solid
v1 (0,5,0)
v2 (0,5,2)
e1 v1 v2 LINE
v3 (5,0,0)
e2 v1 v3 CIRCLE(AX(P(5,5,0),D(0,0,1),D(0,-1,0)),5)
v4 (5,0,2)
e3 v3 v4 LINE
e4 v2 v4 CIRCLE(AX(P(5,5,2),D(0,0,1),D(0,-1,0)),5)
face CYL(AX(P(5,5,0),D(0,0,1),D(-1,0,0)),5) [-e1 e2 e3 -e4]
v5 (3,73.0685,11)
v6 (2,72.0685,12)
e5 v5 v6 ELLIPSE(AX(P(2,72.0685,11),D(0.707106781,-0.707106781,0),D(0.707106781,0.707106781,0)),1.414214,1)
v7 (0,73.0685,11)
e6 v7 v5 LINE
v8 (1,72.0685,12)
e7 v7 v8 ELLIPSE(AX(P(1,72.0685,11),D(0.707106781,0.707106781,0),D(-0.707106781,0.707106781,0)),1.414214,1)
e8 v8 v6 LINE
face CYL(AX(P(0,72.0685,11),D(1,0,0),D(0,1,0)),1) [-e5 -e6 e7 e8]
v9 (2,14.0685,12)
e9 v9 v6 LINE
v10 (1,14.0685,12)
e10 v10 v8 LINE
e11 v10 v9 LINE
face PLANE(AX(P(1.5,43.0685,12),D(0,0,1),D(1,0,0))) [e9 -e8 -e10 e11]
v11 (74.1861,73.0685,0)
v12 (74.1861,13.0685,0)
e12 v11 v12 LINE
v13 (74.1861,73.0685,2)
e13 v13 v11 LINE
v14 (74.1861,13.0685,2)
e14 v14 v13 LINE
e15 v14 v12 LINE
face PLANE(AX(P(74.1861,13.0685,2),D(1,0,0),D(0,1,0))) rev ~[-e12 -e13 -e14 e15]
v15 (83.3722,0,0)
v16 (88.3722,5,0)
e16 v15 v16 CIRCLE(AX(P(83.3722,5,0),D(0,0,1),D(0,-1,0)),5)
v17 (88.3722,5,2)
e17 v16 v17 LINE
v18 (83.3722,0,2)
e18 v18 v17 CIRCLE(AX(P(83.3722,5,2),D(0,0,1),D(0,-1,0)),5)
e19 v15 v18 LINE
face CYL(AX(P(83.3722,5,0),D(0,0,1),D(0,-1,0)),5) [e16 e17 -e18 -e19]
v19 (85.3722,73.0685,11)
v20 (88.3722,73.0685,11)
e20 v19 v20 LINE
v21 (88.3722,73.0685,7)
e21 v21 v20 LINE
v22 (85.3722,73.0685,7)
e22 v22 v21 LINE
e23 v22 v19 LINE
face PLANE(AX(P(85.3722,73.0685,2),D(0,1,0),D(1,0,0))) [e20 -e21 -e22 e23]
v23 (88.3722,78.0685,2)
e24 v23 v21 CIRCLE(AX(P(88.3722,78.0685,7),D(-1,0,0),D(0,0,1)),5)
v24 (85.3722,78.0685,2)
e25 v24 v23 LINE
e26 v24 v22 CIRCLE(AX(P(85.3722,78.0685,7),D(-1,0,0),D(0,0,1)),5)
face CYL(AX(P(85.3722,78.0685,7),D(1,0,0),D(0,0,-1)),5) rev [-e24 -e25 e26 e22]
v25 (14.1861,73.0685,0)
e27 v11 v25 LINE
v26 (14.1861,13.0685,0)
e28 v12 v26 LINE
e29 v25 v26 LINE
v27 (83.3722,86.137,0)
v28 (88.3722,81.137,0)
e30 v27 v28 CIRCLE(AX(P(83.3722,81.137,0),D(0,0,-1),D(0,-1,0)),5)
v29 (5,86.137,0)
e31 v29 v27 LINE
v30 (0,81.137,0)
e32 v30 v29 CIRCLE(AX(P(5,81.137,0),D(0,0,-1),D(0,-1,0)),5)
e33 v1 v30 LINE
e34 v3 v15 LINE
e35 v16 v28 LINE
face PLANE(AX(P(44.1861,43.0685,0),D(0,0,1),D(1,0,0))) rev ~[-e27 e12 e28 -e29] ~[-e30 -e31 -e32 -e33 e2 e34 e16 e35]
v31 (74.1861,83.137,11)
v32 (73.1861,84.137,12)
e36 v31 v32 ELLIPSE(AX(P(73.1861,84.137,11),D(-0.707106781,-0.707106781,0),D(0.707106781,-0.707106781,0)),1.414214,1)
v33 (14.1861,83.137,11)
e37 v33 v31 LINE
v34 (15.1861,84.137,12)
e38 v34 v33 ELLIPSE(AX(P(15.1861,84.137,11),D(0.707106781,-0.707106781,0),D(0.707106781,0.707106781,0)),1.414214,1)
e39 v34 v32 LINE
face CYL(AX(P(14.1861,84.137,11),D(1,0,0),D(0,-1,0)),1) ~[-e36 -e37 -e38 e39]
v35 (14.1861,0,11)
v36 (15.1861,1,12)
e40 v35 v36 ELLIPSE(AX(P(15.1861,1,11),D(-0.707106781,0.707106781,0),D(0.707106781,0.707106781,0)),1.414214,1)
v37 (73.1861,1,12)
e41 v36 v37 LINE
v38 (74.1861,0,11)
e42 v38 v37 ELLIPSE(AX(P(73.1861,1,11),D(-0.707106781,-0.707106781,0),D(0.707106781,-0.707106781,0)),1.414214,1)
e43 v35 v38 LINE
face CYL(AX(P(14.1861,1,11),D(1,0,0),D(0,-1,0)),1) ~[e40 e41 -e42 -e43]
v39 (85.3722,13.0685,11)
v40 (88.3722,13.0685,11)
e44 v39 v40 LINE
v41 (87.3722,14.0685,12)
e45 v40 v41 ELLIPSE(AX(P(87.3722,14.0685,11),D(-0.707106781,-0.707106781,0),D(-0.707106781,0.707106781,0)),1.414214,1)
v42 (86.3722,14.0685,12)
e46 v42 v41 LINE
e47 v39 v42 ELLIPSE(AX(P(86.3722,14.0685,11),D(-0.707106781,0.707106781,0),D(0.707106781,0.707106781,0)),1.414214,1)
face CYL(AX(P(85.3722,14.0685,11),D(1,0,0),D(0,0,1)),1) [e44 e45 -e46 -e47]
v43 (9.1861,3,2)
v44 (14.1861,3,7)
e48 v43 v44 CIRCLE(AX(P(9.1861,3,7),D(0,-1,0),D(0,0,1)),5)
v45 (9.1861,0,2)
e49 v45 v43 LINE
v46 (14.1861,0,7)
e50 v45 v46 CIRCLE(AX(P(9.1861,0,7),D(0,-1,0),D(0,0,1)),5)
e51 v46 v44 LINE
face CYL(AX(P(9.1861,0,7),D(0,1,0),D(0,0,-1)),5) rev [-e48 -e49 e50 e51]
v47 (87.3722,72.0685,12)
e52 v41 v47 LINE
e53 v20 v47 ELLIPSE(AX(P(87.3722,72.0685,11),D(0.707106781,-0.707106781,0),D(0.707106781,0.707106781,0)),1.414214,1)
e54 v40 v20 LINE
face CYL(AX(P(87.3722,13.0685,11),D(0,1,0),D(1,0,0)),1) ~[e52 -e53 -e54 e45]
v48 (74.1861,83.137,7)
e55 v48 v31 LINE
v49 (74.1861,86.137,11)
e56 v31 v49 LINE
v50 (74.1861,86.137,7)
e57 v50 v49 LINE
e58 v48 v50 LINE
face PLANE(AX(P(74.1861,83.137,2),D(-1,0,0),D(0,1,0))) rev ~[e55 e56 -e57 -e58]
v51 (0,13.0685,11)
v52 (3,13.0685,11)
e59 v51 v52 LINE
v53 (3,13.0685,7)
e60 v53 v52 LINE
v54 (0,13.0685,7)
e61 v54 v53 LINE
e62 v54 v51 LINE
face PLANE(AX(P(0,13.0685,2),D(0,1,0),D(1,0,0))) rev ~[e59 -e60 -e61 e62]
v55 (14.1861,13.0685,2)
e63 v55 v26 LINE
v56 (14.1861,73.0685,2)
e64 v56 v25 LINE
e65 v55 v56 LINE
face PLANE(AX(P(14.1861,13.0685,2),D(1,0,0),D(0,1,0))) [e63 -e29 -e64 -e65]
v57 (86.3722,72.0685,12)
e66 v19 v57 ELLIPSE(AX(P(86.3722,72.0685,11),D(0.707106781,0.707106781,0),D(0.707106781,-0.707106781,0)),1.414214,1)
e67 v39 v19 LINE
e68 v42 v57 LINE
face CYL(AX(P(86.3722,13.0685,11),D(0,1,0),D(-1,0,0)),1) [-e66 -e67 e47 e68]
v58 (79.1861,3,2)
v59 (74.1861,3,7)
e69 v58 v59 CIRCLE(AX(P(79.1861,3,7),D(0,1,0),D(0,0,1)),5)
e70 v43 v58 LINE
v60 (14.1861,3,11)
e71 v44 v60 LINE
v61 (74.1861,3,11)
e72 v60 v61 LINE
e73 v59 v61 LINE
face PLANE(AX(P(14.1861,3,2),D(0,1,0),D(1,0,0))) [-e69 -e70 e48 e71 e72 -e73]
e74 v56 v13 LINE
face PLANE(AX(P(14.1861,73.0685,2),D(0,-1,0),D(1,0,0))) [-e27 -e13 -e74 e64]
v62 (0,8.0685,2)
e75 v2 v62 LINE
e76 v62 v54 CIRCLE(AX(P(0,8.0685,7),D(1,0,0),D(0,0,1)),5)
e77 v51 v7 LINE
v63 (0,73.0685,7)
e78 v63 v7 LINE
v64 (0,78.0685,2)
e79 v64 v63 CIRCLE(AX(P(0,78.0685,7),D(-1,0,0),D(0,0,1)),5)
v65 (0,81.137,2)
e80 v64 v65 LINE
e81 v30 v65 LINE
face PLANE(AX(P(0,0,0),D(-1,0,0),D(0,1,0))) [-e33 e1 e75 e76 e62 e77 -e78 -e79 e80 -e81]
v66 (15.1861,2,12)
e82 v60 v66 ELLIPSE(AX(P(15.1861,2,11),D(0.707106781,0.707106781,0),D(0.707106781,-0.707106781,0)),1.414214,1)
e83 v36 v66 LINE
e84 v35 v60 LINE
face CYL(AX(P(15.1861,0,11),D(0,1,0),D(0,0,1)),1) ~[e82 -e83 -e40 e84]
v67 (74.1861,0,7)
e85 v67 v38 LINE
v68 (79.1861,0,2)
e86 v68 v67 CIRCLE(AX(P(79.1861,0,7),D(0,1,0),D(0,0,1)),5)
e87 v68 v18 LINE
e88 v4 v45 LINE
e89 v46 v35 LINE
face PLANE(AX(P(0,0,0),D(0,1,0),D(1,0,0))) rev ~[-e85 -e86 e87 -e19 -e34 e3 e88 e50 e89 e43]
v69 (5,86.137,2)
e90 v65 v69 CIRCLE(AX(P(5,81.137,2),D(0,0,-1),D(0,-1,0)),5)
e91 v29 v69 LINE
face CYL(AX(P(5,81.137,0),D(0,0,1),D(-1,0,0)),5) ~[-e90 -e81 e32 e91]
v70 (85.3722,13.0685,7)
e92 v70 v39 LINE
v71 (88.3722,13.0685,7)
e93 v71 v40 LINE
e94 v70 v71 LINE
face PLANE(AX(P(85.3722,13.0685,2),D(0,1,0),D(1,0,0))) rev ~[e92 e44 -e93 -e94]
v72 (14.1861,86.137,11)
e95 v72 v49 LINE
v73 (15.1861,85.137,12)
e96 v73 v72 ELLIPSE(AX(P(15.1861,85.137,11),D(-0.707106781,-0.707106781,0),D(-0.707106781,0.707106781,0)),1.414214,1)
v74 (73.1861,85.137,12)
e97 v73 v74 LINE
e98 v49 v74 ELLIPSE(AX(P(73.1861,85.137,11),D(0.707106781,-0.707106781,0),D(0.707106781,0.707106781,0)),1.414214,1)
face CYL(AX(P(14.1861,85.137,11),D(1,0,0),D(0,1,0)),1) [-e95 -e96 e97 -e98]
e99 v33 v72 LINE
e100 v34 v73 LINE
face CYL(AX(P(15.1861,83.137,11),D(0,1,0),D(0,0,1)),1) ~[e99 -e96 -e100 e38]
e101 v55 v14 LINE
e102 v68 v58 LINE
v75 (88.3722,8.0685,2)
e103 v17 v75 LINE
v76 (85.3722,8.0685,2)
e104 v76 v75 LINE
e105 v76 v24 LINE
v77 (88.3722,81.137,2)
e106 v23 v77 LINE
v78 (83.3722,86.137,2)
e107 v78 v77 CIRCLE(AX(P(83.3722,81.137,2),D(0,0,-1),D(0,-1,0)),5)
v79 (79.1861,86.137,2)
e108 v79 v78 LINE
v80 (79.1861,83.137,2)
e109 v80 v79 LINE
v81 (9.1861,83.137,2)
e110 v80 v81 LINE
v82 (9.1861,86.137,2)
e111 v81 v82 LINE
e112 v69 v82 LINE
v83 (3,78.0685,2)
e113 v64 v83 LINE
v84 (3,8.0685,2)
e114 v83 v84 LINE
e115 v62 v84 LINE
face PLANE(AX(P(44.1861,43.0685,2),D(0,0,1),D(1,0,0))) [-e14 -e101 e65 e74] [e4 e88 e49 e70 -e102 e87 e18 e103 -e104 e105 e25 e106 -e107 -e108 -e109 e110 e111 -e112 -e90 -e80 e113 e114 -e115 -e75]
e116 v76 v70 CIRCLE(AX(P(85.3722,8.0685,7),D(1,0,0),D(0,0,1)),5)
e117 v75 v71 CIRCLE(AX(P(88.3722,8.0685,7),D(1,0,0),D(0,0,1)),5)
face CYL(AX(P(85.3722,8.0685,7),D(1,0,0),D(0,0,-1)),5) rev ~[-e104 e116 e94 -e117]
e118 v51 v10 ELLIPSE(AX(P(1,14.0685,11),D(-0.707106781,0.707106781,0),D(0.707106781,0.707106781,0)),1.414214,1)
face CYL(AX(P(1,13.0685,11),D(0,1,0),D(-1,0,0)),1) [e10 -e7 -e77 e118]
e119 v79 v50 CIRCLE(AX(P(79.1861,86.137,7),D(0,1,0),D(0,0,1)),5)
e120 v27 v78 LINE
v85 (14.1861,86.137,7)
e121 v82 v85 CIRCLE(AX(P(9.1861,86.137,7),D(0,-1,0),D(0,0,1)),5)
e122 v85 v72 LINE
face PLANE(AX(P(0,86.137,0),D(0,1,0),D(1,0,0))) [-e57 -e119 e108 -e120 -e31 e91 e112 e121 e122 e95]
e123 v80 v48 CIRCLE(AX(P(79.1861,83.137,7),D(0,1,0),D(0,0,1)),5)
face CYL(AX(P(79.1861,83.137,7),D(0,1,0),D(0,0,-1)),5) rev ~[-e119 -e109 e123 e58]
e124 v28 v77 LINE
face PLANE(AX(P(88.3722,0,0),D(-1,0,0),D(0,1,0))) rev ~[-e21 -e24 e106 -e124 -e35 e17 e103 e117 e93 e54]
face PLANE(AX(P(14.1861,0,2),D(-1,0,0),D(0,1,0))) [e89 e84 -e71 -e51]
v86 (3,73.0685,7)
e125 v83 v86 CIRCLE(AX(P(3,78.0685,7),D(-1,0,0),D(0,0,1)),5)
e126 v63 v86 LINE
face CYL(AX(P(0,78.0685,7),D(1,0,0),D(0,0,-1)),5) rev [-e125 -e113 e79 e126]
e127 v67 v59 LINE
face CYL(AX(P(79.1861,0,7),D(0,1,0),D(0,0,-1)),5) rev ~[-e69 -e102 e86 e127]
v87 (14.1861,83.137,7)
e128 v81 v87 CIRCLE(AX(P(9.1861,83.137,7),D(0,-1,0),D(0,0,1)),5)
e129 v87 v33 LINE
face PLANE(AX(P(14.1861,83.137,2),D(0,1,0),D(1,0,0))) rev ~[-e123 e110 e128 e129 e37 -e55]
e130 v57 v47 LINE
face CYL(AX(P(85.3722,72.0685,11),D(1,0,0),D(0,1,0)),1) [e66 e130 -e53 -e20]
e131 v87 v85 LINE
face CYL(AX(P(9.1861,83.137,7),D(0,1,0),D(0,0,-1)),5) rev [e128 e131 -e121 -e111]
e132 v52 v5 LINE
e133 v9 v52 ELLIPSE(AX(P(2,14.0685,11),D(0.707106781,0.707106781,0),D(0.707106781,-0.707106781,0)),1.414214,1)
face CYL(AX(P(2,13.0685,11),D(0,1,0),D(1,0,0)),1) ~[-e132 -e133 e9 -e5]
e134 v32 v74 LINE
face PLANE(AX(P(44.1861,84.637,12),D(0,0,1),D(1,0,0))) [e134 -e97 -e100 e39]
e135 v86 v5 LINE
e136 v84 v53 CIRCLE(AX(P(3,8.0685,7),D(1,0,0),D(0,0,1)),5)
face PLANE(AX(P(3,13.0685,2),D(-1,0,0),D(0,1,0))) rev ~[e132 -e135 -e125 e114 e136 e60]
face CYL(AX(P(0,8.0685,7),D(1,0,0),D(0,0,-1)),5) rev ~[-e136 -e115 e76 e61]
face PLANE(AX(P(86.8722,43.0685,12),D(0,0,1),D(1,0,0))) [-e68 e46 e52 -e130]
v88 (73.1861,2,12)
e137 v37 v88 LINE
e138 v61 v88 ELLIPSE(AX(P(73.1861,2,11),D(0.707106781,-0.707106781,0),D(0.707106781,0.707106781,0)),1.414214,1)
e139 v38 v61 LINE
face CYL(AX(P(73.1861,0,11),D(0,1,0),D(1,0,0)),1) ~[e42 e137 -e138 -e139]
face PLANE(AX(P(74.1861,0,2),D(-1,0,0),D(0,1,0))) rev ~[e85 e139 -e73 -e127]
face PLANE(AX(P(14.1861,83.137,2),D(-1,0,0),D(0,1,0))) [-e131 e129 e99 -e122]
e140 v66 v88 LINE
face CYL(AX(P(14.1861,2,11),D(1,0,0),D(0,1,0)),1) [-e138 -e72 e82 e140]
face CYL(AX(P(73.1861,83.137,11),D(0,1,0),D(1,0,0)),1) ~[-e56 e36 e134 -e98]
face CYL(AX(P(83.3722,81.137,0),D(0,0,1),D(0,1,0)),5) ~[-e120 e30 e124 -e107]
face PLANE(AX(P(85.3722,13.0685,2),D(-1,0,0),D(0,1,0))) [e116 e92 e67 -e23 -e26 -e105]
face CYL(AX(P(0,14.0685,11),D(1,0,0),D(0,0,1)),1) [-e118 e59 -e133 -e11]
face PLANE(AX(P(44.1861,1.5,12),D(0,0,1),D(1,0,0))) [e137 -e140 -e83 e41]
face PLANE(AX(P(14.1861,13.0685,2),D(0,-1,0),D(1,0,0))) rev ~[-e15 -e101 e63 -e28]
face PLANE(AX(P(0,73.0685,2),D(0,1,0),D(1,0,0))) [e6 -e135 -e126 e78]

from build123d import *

# Parameters (mm, degrees)
SKETCH1_W           = 88.3722
SKETCH1_H           = 86.137
BOSS_EXTRUDE1_DEPTH = 2
SKETCH2_W           = 3
SKETCH2_H           = 60
SKETCH2_W_2         = 60
SKETCH2_H_2         = 3
BOSS_EXTRUDE2_DEPTH = 10
FILLET1_R           = 5
FILLET2_R           = 5
FILLET3_R           = 1
CUT_EXTRUDE1_REACH  = 4
SKETCH3_W           = 60
SKETCH3_H           = 60


with BuildPart() as part:
    # Sketch1 → Boss-Extrude1 (new body)
    with BuildSketch(Plane.XY):
        with Locations((44.1861, 43.0685)):
            Rectangle(SKETCH1_W, SKETCH1_H)
    extrude(amount=BOSS_EXTRUDE1_DEPTH)

    # Sketch2 → Boss-Extrude2 (add)
    with BuildSketch(Plane.XY.offset(2)):
        with Locations((1.5, 43.0685)):
            Rectangle(SKETCH2_W, SKETCH2_H)
        with Locations((86.8722, 43.0685)):
            Rectangle(SKETCH2_W, SKETCH2_H)
        with Locations((44.1861, 1.5)):
            Rectangle(SKETCH2_W_2, SKETCH2_H_2)
        with Locations((44.1861, 84.637)):
            Rectangle(SKETCH2_W_2, SKETCH2_H_2)
    extrude(amount=BOSS_EXTRUDE2_DEPTH)

    # Fillet1
    fillet1_edges = [part.edges().sort_by_distance(p)[0] for p in [
        (0, 86.137, 1),
        (88.3722, 86.137, 1),
        (88.3722, 0, 1),
        (0, 0, 1),
    ]]
    fillet(fillet1_edges, radius=FILLET1_R)

    # Fillet2
    fillet2_edges = [part.edges().sort_by_distance(p)[0] for p in [
        (1.5, 13.0685, 2),
        (1.5, 73.0685, 2),
        (86.8722, 73.0685, 2),
        (86.8722, 13.0685, 2),
        (14.1861, 84.637, 2),
        (74.1861, 84.637, 2),
        (74.1861, 1.5, 2),
        (14.1861, 1.5, 2),
    ]]
    fillet(fillet2_edges, radius=FILLET2_R)

    # Fillet3
    fillet3_edges = [part.edges().sort_by_distance(p)[0] for p in [
        (0, 43.0685, 12),
        (1.5, 13.0685, 12),
        (3, 43.0685, 12),
        (1.5, 73.0685, 12),
        (88.3722, 43.0685, 12),
        (86.8722, 73.0685, 12),
        (85.3722, 43.0685, 12),
        (86.8722, 13.0685, 12),
        (14.1861, 84.637, 12),
        (44.1861, 83.137, 12),
        (74.1861, 84.637, 12),
        (44.1861, 86.137, 12),
        (44.1861, 0, 12),
        (74.1861, 1.5, 12),
        (44.1861, 3, 12),
        (14.1861, 1.5, 12),
    ]]
    fillet(fillet3_edges, radius=FILLET3_R)

    # Sketch3 → Cut-Extrude1 (cut, up to next)
    with BuildSketch(Plane.XY.offset(2), mode=Mode.PRIVATE) as cut_extrude1_sk1:
        with Locations((44.1861, 43.0685)):
            Rectangle(SKETCH3_W, SKETCH3_H)
    cut_extrude1_tool1 = extrude(cut_extrude1_sk1.sketch, amount=-CUT_EXTRUDE1_REACH, mode=Mode.PRIVATE) & part.part
    add(cut_extrude1_tool1.solids().sort_by_distance((44.1861, 43.0685, 2))[0], mode=Mode.SUBTRACT)


solid = part.part
